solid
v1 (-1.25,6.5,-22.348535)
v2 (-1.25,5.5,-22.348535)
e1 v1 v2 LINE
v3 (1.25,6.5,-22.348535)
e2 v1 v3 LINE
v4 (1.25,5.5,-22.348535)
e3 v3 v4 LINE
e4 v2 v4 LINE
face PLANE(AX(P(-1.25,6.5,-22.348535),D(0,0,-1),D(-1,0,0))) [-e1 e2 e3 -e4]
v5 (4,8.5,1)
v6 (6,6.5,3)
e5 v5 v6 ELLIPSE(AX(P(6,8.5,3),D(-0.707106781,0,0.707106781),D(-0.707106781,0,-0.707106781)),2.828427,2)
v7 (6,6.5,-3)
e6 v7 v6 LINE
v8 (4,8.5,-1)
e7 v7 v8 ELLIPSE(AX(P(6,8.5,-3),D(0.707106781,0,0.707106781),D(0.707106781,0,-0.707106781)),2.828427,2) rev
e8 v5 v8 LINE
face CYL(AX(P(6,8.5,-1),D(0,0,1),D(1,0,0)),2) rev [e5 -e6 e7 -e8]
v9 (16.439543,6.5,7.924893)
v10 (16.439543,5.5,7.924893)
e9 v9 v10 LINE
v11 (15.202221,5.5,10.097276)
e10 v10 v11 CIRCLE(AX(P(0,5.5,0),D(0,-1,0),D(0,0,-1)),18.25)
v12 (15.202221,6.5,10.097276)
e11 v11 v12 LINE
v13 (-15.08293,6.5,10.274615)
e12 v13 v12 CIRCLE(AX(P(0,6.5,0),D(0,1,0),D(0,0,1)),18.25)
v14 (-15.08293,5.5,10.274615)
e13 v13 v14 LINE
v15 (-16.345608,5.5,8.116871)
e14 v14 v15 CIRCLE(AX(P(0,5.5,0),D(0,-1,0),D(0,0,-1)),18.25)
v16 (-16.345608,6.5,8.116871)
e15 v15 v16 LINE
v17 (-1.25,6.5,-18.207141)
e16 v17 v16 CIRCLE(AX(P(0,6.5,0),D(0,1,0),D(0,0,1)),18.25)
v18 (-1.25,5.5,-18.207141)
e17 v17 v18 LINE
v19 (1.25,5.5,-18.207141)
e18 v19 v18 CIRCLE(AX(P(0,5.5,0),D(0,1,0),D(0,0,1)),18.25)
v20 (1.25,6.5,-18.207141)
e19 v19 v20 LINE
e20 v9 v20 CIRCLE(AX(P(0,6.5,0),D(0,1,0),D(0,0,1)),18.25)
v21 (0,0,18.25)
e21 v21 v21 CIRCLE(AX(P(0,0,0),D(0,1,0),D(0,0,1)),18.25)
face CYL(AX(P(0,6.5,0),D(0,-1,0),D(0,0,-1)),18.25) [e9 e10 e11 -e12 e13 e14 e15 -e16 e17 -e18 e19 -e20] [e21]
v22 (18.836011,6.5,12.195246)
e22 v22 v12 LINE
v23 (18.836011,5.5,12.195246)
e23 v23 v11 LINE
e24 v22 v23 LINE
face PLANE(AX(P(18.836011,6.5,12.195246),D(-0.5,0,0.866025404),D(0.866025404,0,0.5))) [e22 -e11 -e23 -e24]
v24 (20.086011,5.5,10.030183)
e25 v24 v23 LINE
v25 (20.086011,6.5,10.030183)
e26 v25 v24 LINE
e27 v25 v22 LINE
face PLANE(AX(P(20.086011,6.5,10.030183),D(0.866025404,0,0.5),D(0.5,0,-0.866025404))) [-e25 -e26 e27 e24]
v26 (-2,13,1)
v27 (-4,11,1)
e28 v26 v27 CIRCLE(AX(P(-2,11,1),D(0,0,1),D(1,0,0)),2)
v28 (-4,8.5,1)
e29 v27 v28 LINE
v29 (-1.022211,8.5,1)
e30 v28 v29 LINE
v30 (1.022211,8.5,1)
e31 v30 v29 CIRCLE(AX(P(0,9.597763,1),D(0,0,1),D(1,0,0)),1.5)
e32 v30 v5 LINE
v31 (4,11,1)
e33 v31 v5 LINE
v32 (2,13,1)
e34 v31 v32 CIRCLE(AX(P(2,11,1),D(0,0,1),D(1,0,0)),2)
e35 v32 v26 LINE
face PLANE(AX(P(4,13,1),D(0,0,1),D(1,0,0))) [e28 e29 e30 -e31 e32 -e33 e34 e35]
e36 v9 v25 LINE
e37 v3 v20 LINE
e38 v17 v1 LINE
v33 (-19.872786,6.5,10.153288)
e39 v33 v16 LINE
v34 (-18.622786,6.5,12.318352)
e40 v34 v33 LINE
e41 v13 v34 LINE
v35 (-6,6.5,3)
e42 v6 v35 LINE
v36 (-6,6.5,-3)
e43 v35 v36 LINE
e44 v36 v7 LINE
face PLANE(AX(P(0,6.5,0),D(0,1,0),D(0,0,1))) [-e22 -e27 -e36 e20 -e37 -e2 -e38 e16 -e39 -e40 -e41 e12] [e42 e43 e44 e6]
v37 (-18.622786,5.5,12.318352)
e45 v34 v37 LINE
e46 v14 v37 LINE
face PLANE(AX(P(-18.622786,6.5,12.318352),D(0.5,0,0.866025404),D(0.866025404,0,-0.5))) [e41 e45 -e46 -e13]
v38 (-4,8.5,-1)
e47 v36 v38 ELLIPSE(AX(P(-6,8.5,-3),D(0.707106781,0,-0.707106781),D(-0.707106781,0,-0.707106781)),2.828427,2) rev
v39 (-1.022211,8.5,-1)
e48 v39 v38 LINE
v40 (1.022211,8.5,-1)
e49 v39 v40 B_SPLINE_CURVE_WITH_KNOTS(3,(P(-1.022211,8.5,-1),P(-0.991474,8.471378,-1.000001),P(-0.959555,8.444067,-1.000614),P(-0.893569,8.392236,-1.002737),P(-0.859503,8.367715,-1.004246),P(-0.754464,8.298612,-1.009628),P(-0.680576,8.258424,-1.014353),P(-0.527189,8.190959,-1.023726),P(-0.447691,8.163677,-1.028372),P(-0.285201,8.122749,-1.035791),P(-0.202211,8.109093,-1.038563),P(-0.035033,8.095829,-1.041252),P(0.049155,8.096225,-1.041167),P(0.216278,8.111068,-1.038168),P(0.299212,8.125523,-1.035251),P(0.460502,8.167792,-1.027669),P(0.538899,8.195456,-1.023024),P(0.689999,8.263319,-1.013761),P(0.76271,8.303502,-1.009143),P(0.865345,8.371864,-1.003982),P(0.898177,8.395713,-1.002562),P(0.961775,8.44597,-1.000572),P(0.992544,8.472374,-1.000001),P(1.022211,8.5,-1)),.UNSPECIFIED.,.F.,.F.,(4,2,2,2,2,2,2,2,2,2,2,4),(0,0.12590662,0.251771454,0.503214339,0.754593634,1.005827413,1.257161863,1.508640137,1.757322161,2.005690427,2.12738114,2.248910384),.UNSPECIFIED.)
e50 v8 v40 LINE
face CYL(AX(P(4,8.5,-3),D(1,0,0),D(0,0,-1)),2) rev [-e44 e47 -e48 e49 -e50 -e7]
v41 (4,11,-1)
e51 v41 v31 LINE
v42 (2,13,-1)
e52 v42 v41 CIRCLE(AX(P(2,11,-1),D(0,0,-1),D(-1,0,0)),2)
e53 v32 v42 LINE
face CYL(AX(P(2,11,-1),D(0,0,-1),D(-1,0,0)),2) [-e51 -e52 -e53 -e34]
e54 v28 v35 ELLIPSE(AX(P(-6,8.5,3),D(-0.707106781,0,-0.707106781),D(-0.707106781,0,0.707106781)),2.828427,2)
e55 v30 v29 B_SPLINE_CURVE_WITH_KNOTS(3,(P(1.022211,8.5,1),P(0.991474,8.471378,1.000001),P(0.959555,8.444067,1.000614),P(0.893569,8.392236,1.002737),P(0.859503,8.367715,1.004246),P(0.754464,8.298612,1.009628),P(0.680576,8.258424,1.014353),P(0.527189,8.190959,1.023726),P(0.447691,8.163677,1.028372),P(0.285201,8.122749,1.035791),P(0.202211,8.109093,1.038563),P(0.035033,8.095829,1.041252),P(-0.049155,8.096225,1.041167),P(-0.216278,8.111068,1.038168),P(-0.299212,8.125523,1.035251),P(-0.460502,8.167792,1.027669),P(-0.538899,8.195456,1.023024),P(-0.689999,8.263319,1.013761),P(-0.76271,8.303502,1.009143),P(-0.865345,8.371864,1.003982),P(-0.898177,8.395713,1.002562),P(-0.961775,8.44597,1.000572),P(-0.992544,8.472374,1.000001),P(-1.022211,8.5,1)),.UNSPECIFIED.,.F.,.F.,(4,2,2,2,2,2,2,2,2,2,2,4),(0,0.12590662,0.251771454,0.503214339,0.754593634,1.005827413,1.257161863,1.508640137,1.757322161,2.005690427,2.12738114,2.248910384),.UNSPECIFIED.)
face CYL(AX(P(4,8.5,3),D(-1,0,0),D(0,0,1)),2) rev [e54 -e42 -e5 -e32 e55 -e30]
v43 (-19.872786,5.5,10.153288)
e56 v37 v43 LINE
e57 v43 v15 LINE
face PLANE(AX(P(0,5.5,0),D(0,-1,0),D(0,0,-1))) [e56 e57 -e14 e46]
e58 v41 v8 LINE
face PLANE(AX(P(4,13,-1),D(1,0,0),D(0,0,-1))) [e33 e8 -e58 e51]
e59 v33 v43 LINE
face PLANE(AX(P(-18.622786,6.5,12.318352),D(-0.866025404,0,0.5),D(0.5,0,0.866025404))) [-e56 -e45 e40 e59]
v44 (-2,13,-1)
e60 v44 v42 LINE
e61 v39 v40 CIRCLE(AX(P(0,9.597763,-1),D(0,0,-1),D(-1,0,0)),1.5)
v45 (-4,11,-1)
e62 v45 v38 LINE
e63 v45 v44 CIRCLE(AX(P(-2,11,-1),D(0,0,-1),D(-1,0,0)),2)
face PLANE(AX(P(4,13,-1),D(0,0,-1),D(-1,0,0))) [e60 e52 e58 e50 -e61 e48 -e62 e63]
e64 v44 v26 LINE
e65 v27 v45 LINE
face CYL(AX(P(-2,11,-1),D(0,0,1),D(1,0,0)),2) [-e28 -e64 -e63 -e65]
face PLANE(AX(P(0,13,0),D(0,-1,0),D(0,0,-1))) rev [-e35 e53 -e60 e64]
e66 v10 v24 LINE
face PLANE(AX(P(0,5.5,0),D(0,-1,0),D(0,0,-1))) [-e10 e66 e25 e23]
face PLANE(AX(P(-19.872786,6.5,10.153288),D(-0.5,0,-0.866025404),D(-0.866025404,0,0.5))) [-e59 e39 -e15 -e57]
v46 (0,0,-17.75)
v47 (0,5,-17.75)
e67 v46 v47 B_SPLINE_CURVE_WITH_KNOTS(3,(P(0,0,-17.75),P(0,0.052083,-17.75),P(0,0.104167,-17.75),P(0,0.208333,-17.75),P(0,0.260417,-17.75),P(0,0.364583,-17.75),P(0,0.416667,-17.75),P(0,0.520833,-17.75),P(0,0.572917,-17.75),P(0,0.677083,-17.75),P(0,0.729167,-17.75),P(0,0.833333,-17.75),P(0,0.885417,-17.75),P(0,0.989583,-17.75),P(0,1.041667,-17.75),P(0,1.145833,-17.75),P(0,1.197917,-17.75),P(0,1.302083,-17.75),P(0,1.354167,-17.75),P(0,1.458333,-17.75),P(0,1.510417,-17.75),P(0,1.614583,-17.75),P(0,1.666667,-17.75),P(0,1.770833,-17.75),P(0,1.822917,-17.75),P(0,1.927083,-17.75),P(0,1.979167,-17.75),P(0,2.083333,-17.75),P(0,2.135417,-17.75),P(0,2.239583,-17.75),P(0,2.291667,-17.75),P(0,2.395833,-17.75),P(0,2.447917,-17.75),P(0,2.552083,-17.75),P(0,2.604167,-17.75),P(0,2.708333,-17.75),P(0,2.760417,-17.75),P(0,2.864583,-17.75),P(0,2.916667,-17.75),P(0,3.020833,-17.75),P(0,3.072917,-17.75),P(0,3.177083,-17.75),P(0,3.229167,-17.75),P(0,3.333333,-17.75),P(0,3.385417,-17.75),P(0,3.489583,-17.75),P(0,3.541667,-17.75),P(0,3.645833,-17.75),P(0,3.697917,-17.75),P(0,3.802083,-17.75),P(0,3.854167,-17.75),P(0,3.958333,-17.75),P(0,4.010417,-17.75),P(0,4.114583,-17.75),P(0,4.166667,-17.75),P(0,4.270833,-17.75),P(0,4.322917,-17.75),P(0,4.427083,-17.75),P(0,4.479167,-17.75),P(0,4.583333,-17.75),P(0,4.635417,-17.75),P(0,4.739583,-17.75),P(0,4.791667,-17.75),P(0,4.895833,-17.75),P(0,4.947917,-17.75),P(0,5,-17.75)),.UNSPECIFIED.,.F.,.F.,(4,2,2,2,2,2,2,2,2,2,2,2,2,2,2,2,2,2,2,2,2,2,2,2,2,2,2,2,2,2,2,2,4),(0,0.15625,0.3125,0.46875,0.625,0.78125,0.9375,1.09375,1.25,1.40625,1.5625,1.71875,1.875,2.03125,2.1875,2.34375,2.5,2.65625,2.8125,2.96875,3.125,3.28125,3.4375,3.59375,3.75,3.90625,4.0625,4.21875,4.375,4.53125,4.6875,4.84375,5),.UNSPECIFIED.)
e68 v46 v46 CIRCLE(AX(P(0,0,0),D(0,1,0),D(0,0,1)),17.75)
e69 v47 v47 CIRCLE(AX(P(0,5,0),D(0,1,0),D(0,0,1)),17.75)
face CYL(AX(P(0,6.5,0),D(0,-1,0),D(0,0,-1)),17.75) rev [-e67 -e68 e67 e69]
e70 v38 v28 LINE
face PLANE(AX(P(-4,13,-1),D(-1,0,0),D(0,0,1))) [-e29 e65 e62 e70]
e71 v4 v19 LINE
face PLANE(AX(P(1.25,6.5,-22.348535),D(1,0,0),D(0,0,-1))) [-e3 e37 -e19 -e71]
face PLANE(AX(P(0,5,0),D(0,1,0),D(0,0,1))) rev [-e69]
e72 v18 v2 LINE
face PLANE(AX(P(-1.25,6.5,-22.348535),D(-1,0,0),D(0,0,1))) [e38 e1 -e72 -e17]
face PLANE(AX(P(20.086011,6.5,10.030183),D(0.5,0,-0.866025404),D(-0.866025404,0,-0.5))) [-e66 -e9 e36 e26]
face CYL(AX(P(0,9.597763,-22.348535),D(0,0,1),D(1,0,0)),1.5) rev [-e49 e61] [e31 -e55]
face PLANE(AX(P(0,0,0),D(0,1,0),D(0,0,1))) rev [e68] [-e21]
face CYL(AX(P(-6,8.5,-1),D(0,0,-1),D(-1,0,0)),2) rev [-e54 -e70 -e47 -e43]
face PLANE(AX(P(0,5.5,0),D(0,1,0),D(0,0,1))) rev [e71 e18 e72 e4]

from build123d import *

# Parameters (mm, degrees)
SKETCH1_R               = 18.25
SKETCH1_R_2             = 17.75
BOSS_EXTRUDE1_DEPTH     = 6.5
BOSS_EXTRUDE2_START     = -1.5
SKETCH2_R               = 18.25
BOSS_EXTRUDE2_DEPTH     = 1.5
BOSS_EXTRUDE3_START     = -0.5
SKETCH3_W               = 2.5
SKETCH3_H               = 6.738143646
BOSS_EXTRUDE3_DEPTH     = 1
SKETCH4_W               = 8
SKETCH4_H               = 2
BOSS_EXTRUDE4_DEPTH     = 8
FILLET1_R               = 2
CUT_EXTRUDE1_DEPTH      = 34.430553991
CUT_EXTRUDE1_DEPTH_BACK = 34.430553991
SKETCH5_R               = 1.5
FILLET2_R               = 2


with BuildPart() as part:
    # Sketch1 → Boss-Extrude1 (new body)
    with BuildSketch(Plane(origin=(0, 0, 0), x_dir=(1, 0, 0), z_dir=(0, 1, 0))):
        with Locations(Location((0, 0, 0), (0, 0, 90))):
            Circle(SKETCH1_R)
        with Locations(Location((0, 0, 0), (0, 0, 90))):
            Circle(SKETCH1_R_2, mode=Mode.SUBTRACT)
    extrude(amount=BOSS_EXTRUDE1_DEPTH)

    # Sketch2 → Boss-Extrude2 (add)
    with BuildSketch(Plane(origin=(0, 6.5, 0), x_dir=(1, 0, 0), z_dir=(0, 1, 0)).offset(BOSS_EXTRUDE2_START)):
        with Locations(Location((0, 0, 0), (0, 0, 90))):
            Circle(SKETCH2_R)
    extrude(amount=BOSS_EXTRUDE2_DEPTH)

    # Sketch3 → Boss-Extrude3 (add)
    with BuildSketch(Plane(origin=(0, 5, 0), x_dir=(-1, 0, 0), z_dir=(0, -1, 0)).offset(BOSS_EXTRUDE3_START)):
        Polygon((18.622786456, -12.318351976), (12.787382884, -8.949280153), (14.037382884, -6.784216644), (19.872786456, -10.153288467), align=None)
        with Locations((0, 18.97946309)):
            Rectangle(SKETCH3_W, SKETCH3_H)
        Polygon((-20.086011489, -10.030182937), (-14.250607917, -6.661111114), (-13.000607917, -8.826174624), (-18.836011489, -12.195246447), align=None)
    extrude(amount=-BOSS_EXTRUDE3_DEPTH)

    # Sketch4 → Boss-Extrude4 (add)
    with BuildSketch(Plane(origin=(0, 5, 0), x_dir=(-1, 0, 0), z_dir=(0, -1, 0))):
        Rectangle(SKETCH4_W, SKETCH4_H)
    extrude(amount=-BOSS_EXTRUDE4_DEPTH)

    # Fillet1
    fillet1_edges = [part.edges().sort_by_distance(p)[0] for p in [
        (-4, 6.5, 0),
        (0, 6.5, 1),
        (4, 6.5, 0),
        (0, 6.5, -1),
    ]]
    fillet(fillet1_edges, radius=FILLET1_R)

    # Sketch5 → Cut-Extrude1 (cut, two sides: drawn at the far end of the back side and taken through both)
    with BuildSketch(Plane.XY.offset(1).offset(-CUT_EXTRUDE1_DEPTH_BACK)):
        with Locations(Location((0, 9.597763348, 0), (0, 0, 312.958942011))):
            Circle(SKETCH5_R)
    extrude(amount=CUT_EXTRUDE1_DEPTH + CUT_EXTRUDE1_DEPTH_BACK, mode=Mode.SUBTRACT)

    # Fillet2
    fillet2_edges = [part.edges().sort_by_distance(p)[0] for p in [
        (-4, 13, 0),
        (4, 13, 0),
    ]]
    fillet(fillet2_edges, radius=FILLET2_R)


solid = part.part
